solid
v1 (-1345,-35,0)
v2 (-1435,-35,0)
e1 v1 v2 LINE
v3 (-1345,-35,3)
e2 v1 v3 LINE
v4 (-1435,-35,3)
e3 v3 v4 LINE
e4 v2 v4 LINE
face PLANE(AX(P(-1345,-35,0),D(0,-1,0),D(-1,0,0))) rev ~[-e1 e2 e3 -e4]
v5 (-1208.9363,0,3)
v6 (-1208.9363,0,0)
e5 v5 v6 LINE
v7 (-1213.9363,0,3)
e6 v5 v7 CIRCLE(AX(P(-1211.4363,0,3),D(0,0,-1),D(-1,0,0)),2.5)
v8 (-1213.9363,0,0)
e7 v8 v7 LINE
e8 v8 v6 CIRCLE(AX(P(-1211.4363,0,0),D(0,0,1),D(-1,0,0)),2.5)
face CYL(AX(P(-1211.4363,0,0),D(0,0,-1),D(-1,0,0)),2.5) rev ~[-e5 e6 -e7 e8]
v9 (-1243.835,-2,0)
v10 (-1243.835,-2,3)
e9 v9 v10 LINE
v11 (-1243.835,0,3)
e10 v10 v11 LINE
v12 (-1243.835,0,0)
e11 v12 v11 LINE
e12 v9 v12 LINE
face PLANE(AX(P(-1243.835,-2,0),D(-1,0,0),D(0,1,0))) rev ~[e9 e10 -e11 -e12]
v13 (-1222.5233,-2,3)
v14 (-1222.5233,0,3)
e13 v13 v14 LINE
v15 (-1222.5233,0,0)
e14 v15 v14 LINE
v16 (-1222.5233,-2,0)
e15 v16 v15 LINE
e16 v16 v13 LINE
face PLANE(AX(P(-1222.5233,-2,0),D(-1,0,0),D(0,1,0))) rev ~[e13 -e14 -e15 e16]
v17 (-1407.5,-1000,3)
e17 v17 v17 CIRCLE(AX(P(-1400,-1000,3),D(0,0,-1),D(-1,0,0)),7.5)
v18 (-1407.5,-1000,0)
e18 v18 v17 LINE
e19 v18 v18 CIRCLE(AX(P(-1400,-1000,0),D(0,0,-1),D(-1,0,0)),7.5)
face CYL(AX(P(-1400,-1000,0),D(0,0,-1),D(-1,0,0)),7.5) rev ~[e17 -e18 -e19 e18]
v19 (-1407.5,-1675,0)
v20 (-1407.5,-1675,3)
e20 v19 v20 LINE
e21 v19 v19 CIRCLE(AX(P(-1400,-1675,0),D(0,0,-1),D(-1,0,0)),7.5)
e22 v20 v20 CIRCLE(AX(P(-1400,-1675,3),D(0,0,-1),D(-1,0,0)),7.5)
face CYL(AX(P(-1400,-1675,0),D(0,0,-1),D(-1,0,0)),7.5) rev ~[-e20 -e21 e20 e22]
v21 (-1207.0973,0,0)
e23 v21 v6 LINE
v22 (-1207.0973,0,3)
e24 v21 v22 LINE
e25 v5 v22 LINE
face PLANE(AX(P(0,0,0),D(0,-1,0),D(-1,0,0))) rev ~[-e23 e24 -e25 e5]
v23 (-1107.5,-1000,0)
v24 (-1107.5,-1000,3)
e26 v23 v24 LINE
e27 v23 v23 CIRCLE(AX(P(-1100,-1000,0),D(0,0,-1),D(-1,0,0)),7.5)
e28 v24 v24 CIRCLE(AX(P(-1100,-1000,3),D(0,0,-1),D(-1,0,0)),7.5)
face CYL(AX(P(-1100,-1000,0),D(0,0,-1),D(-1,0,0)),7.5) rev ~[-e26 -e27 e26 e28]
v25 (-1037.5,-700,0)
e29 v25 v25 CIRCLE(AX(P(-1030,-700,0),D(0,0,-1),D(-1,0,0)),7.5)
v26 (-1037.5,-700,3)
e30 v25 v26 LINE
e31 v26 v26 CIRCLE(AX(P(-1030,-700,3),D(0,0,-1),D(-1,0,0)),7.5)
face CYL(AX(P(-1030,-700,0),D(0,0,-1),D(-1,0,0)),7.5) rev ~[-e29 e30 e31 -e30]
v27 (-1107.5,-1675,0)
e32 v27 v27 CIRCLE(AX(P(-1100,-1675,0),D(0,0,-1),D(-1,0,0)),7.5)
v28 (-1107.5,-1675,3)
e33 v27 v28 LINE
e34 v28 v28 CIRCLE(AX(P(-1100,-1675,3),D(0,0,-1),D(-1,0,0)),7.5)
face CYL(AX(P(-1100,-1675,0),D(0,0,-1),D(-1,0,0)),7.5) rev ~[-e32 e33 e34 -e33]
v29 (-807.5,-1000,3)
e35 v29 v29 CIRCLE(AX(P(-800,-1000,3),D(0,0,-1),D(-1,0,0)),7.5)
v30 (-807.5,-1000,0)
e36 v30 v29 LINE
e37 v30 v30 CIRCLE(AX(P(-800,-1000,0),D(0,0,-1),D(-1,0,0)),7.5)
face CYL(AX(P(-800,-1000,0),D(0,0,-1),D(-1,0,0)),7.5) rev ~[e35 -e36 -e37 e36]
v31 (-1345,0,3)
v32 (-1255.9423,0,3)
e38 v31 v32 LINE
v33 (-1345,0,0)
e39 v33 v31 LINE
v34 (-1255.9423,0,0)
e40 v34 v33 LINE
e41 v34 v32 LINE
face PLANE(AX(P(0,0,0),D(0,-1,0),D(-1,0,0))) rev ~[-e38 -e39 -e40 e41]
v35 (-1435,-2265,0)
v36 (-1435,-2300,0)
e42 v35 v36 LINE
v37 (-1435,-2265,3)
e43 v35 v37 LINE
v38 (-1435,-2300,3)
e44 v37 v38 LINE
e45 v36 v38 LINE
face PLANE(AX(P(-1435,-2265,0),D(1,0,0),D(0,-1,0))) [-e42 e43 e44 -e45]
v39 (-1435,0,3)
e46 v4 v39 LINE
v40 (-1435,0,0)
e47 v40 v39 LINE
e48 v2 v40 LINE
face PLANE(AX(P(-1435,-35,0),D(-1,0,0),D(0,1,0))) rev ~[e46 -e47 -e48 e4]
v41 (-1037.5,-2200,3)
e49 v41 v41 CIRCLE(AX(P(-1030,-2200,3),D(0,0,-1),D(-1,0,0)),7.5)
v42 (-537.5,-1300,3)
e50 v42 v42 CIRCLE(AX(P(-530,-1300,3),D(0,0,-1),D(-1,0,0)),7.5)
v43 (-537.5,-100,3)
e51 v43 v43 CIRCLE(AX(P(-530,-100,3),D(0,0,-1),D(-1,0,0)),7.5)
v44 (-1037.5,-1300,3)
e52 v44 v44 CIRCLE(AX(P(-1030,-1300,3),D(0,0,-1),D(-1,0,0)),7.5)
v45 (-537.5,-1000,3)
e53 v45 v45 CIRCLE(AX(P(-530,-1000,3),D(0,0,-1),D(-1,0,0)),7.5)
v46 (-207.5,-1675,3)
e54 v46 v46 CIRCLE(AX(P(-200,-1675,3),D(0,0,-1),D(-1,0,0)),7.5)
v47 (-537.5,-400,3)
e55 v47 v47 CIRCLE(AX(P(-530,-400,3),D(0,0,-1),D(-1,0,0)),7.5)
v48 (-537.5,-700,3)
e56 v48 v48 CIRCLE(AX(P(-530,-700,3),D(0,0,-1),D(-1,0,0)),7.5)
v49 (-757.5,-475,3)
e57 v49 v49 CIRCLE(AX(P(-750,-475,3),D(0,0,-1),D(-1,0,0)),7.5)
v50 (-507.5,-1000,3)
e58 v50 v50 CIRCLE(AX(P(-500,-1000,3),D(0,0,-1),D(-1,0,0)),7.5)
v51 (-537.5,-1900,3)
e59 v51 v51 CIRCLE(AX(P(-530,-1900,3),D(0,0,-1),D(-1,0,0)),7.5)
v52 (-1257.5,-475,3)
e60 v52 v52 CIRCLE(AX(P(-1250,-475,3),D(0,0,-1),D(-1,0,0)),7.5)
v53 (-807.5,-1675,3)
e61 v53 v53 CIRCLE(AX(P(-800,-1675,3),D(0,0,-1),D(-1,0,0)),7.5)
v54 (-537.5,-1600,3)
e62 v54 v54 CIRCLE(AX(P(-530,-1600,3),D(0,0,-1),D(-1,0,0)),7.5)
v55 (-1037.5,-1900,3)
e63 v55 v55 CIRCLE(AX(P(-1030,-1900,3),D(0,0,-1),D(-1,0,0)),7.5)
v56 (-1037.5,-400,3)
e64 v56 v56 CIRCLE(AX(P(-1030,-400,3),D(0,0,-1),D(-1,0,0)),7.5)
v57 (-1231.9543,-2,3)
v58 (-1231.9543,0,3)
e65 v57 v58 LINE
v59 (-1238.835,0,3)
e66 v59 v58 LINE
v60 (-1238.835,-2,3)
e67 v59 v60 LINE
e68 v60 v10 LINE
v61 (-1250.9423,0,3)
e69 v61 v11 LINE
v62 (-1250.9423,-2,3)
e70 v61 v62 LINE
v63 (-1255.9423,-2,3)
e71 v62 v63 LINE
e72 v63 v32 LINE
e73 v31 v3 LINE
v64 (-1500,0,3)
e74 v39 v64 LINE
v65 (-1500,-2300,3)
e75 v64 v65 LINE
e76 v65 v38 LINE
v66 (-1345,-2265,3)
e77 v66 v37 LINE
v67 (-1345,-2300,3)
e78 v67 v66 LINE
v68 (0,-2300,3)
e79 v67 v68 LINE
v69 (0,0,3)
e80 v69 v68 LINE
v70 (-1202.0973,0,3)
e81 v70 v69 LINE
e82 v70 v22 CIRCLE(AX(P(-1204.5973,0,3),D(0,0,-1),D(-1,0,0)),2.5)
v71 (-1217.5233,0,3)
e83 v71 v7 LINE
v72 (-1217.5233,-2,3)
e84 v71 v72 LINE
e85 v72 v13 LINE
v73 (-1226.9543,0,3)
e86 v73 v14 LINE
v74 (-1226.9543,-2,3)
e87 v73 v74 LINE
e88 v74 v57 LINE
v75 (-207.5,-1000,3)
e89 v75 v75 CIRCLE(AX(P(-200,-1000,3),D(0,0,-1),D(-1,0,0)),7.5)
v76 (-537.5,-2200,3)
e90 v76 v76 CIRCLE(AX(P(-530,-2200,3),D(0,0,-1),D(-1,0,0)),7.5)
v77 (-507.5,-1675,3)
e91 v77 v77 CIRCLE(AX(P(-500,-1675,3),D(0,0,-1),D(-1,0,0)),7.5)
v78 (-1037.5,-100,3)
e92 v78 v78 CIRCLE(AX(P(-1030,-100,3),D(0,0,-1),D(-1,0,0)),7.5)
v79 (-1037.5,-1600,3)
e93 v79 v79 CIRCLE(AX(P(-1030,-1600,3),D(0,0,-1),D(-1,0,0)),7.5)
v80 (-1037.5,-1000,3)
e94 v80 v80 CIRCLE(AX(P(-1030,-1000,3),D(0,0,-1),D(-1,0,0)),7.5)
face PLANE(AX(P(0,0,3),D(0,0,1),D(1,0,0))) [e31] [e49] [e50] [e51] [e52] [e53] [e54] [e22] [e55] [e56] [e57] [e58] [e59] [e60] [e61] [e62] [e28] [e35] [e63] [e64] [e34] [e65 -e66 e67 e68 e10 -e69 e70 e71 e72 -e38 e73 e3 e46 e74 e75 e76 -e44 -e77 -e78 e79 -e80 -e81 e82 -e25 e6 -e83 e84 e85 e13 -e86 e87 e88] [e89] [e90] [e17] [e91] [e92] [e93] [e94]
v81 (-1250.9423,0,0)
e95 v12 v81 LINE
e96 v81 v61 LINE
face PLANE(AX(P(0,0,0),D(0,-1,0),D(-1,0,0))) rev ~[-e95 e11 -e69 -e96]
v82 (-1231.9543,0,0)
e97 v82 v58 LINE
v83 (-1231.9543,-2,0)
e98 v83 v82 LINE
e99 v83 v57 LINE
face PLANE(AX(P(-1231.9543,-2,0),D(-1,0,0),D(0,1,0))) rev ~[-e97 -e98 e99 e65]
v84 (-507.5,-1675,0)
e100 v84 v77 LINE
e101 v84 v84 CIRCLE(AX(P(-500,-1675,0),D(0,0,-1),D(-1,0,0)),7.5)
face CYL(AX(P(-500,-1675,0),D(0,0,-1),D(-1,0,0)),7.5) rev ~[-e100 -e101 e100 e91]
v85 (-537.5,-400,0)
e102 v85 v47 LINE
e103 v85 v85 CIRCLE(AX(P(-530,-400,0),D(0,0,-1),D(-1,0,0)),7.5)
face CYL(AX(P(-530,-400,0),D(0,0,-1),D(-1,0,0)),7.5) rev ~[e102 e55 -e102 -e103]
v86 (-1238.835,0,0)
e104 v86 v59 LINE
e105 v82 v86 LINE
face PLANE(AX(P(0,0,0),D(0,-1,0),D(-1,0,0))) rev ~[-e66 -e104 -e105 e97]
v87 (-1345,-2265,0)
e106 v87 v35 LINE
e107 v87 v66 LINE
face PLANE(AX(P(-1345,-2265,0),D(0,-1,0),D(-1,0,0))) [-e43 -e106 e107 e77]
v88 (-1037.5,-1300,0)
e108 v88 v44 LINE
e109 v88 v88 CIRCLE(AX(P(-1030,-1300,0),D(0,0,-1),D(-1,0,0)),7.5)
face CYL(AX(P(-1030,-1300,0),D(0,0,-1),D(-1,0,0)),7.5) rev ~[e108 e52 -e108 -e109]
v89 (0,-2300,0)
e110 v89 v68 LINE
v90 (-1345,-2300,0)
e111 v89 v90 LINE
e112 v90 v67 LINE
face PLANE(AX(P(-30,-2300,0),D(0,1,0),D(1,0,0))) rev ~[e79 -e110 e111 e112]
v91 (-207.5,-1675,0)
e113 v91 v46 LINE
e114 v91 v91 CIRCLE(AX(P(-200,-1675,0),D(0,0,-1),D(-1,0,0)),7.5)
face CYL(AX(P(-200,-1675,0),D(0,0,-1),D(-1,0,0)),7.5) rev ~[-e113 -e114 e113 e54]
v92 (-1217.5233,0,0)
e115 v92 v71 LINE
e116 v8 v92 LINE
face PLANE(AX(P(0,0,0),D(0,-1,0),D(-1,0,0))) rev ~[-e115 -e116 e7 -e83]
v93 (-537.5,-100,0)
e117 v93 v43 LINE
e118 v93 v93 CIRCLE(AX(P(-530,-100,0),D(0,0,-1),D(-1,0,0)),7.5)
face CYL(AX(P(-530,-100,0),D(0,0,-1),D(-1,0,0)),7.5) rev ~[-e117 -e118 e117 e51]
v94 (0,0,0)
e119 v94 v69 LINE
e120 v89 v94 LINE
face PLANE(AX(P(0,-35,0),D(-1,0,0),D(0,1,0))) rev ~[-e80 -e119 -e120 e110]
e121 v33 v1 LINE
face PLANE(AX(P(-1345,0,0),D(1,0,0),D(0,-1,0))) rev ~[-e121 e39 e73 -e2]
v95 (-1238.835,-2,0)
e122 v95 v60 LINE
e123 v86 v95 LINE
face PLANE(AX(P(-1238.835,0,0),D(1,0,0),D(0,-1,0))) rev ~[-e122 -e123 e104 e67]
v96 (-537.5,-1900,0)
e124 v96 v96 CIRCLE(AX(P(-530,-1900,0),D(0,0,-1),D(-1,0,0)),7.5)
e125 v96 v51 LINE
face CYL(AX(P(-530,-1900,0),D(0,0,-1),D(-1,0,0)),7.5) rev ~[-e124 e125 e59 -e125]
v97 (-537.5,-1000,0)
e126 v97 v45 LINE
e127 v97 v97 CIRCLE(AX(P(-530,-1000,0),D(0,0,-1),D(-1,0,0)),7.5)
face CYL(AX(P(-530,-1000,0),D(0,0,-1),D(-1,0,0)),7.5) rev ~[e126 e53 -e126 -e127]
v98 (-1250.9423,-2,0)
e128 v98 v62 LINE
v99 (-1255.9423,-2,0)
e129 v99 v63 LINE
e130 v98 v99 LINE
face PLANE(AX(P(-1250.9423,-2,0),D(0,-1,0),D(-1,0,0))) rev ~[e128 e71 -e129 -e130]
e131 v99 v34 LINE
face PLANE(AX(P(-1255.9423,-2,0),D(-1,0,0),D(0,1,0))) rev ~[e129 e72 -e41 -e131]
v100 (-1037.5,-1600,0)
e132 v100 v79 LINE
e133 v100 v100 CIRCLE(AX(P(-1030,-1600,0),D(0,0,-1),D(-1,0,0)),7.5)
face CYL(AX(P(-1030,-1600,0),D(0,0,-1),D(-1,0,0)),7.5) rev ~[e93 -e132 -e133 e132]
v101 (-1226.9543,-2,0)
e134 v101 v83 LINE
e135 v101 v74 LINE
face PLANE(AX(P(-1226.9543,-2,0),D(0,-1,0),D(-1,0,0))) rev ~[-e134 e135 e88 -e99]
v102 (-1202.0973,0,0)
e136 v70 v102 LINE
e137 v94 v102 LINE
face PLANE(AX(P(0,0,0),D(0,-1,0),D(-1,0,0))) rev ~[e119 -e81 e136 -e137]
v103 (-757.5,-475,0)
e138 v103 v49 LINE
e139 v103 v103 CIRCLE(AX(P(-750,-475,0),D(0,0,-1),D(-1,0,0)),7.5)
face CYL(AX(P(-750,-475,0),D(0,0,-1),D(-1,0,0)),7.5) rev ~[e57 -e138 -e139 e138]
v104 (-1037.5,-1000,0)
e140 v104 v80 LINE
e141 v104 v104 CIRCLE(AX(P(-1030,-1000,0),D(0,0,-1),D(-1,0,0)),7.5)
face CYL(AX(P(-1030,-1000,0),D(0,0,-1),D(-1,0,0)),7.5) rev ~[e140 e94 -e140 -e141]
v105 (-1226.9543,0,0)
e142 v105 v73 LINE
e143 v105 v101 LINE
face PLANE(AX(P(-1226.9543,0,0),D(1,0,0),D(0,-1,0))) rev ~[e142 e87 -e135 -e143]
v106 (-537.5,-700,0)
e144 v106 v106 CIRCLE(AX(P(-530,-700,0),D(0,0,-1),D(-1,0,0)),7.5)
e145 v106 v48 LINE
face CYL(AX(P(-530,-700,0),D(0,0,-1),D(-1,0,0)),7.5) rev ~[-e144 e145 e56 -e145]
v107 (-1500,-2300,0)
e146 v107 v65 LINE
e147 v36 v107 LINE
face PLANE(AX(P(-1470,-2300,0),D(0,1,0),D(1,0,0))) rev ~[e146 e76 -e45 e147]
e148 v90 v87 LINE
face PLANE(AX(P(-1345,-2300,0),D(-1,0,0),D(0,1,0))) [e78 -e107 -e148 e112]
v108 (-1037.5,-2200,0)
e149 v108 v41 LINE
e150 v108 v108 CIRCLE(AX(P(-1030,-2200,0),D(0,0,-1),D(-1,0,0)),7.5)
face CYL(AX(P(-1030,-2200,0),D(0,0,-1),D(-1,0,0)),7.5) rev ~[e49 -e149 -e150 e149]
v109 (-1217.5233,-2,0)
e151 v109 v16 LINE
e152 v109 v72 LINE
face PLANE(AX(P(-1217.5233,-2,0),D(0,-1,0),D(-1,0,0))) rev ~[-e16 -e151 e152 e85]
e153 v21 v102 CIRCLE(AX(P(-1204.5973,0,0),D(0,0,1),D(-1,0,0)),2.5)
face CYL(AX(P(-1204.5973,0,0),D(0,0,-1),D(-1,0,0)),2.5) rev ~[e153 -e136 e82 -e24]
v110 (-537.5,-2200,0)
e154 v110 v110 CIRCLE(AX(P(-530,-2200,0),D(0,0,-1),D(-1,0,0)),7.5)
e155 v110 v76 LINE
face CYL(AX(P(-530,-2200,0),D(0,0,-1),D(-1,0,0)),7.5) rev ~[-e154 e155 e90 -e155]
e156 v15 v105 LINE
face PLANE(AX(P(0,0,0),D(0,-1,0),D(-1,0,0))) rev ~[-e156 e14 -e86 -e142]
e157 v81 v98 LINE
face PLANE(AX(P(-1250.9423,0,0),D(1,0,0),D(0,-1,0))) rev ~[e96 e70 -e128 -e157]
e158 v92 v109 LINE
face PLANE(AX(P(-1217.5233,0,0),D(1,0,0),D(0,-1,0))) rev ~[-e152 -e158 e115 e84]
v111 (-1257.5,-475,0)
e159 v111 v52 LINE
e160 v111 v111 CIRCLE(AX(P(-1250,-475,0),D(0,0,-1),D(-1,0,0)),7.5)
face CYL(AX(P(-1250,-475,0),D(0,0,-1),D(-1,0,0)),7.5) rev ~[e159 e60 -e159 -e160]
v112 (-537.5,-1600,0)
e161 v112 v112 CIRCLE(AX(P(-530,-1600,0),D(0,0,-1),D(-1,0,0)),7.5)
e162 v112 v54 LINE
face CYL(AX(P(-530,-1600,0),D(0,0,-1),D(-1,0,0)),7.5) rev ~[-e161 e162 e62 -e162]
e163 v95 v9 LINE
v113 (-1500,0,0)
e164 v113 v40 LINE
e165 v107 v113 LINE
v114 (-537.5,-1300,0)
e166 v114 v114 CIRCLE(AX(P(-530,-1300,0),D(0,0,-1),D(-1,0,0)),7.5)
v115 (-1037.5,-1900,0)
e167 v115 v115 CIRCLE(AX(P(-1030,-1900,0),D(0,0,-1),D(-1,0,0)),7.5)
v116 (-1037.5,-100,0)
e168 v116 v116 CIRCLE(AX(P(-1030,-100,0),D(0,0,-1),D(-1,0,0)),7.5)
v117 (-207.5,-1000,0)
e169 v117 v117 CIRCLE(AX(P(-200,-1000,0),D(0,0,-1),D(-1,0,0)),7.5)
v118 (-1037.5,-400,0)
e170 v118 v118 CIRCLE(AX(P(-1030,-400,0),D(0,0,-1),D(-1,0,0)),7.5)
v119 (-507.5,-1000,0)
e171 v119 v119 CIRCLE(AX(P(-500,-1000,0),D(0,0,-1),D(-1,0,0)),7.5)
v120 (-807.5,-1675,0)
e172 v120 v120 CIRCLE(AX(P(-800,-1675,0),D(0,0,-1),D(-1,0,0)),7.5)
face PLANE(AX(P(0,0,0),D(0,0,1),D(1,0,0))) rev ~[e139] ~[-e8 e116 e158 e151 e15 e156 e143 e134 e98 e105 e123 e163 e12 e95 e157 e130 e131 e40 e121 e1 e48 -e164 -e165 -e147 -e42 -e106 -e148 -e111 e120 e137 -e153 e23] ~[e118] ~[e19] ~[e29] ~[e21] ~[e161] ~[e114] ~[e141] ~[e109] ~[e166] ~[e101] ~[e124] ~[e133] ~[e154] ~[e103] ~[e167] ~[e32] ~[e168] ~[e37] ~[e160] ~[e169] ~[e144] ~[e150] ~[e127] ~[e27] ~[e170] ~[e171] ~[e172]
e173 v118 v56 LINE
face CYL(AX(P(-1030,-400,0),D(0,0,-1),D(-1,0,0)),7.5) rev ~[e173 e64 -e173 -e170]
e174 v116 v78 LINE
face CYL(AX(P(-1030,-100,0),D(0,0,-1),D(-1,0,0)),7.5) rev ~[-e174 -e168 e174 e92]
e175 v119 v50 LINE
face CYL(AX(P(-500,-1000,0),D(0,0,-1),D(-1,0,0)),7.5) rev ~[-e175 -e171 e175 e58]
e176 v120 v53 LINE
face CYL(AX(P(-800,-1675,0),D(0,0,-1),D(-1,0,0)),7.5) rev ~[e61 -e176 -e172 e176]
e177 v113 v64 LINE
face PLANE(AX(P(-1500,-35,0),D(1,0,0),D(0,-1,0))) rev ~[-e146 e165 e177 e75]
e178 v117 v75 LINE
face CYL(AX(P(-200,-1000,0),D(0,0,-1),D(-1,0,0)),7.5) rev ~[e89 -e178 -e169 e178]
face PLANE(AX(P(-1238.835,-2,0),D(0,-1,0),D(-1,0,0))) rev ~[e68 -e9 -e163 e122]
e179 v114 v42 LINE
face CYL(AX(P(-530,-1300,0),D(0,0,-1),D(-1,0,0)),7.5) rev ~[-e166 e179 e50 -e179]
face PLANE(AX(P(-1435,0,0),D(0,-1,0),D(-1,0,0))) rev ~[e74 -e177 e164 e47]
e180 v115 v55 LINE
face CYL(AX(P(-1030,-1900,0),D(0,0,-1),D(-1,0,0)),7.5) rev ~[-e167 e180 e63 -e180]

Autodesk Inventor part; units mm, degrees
ref_plane "YZ Plane" through (0, 0, 0) normal (1, 0, 0) x (0, 1, 0)
ref_plane "XZ Plane" through (0, 0, 0) normal (0, 1, 0) x (-1, 0, 0)
ref_plane "XY Plane" through (0, 0, 0) normal (0, 0, 1) x (1, 0, 0)
sketch "Sketch1" plane through (0, 0, 0) normal (0, 0, 1) x (1, 0, 0)
  line L0 (0, 0) -> (-1500, 0)
  line L1 (-1500, 0) -> (-1500, -2300)
  line L2 (-1500, -2300) -> (0, -2300)
  line L3 (0, -2300) -> (0, 0)
  line L4 (0, 0) -> (-30, 0)
  line L5 (-30, 0) -> (-30, -35)
  line L6 (-30, -35) -> (0, -35)
  line L7 (0, -35) -> (0, 0)
  line L8 (0, -2300) -> (-30, -2300)
  line L9 (-30, -2300) -> (-30, -2265)
  line L10 (-30, -2265) -> (0, -2265)
  line L11 (0, -2265) -> (0, -2300)
  line L12 (-1500, 0) -> (-1470, 0)
  line L13 (-1470, 0) -> (-1470, -35)
  line L14 (-1470, -35) -> (-1500, -35)
  line L15 (-1500, -35) -> (-1500, 0)
  line L16 (-1500, -2300) -> (-1470, -2300)
  line L17 (-1470, -2300) -> (-1470, -2265)
  line L18 (-1470, -2265) -> (-1500, -2265)
  line L19 (-1500, -2265) -> (-1500, -2300)
  line L20 (-1435, -2300) -> (-1345, -2300)
  line L21 (-1345, -2300) -> (-1345, -2265)
  line L22 (-1345, -2265) -> (-1435, -2265)
  line L23 (-1435, -2265) -> (-1435, -2300)
  line L24 (-1435, 0) -> (-1345, 0)
  line L25 (-1345, 0) -> (-1345, -35)
  line L26 (-1345, -35) -> (-1435, -35)
  line L27 (-1435, -35) -> (-1435, 0)
  point P0 (0, -35)
  point P1 (-30, 0)
  point P2 (0, -2265)
  point P3 (-1345, 0)
  point P4 (-1470, 0)
  point P5 (-1500, -35)
  point P6 (-1500, -2265)
  dimension "d22" = 1500
  dimension "d23" = 2300
  dimension "d24" = 30
  dimension "d25" = 35
  dimension "d28" = 90
  dimension "d41" = 65
extrude "Plate1" add sketch "Sketch1" along normal blind 3 contours L3 L6 L5 L0 | L5 L6 L3 L10 L9 L2 L21 L22 L23 L17 L18 L1 L14 L13 L0 L27 L26 L25 | L3 L2 L9 L10 | L13 L14 L1 L0 | L18 L17 L2 L1
sketch "Sketch5" plane through (0, 0, 0) normal (0, 0, -1) x (-1, 0, 0)
  line L0 (1255.9423, 0) -> (1250.9423, 0)
  line L1 (1250.9423, 0) -> (1250.9423, -2)
  line L2 (1250.9423, -2) -> (1255.9423, -2)
  line L3 (1255.9423, -2) -> (1255.9423, 0)
  line L4 (1243.835, 0) -> (1238.835, 0)
  line L5 (1238.835, 0) -> (1238.835, -2)
  line L6 (1238.835, -2) -> (1243.835, -2)
  line L7 (1243.835, -2) -> (1243.835, 0)
  line L8 (1231.9543, 0) -> (1226.9543, 0)
  line L9 (1226.9543, 0) -> (1226.9543, -2)
  line L10 (1226.9543, -2) -> (1231.9543, -2)
  line L11 (1231.9543, -2) -> (1231.9543, 0)
  line L12 (1222.5233, 0) -> (1217.5233, 0)
  line L13 (1217.5233, 0) -> (1217.5233, -2)
  line L14 (1217.5233, -2) -> (1222.5233, -2)
  line L15 (1222.5233, -2) -> (1222.5233, 0)
  circle A0 centre (1211.4363, 0) radius 2.5
  circle A1 centre (1204.5973, 0) radius 2.5
  line L16 (0, 0) -> (1345, 0) projected
  dimension "d37" = 2
  dimension "d38" = 5
  dimension "d68" = 5
extrude "Cut1" cut sketch "Sketch5" against normal blind 3
sketch "Sketch6" plane through (0, 0, 0) normal (0, 0, -1) x (-1, 0, 0)
  arc A0 (1202.0973, 0) -> (1207.0973, 0) centre (1204.5973, 0) ccw construction
  line L0 (0, 0) -> (1202.0973, 0) construction
  line L1 (0, -2300) -> (0, 0) construction
  line L2 (1345, -2300) -> (0, -2300) construction
  line L3 (1345, -2265) -> (1345, -2300) construction
  line L4 (1435, -2265) -> (1345, -2265) construction
  line L5 (1435, -2300) -> (1435, -2265) construction
  line L6 (1500, -2300) -> (1435, -2300) construction
  line L7 (1500, 0) -> (1500, -2300) construction
  line L8 (1435, 0) -> (1500, 0) construction
  line L9 (1435, -35) -> (1435, 0) construction
  line L10 (1345, -35) -> (1435, -35) construction
  line L11 (1345, 0) -> (1345, -35) construction
  line L12 (1255.9423, 0) -> (1345, 0) construction
  line L13 (1231.9543, 0) -> (1231.9543, -2) construction
  line L14 (1231.9543, -2) -> (1226.9543, -2) construction
  line L15 (1226.9543, -2) -> (1226.9543, 0) construction
  line L16 (1222.5233, 0) -> (1226.9543, 0) construction
  line L17 (1222.5233, 0) -> (1222.5233, -2) construction
  line L18 (1222.5233, -2) -> (1217.5233, -2) construction
  line L19 (1217.5233, -2) -> (1217.5233, 0) construction
  line L20 (1213.9363, 0) -> (1217.5233, 0) construction
  arc A1 (1208.9363, 0) -> (1213.9363, 0) centre (1211.4363, 0) ccw construction
  line L21 (1207.0973, 0) -> (1208.9363, 0) construction
  line L22 (1030, 0) -> (1030, -2300) construction
  line L23 (530, 0) -> (530, -2300) construction
  line L24 (0, -1675) -> (1500, -1675) construction
  line L25 (0, -1000) -> (1500, -1000) construction
  line L26 (1500, -475) -> (530, -475) construction
  circle A2 centre (1030, -2200) radius 7.5
  circle A3 centre (530, -2200) radius 7.5
  circle A4 centre (200, -1675) radius 7.5
  circle A5 centre (200, -1000) radius 7.5
  circle A6 centre (1030, -1900) radius 7.5
  circle A7 centre (530, -1900) radius 7.5
  circle A8 centre (1030, -1600) radius 7.5
  circle A9 centre (530, -1600) radius 7.5
  circle A10 centre (1030, -1300) radius 7.5
  circle A11 centre (530, -1300) radius 7.5
  circle A12 centre (1030, -1000) radius 7.5
  circle A13 centre (530, -1000) radius 7.5
  circle A14 centre (1030, -700) radius 7.5
  circle A15 centre (530, -700) radius 7.5
  circle A16 centre (1030, -400) radius 7.5
  circle A17 centre (530, -400) radius 7.5
  circle A18 centre (1030, -100) radius 7.5
  circle A19 centre (530, -100) radius 7.5
  circle A20 centre (1030, 200) radius 7.5
  circle A21 centre (530, 200) radius 7.5
  circle A22 centre (1030, 500) radius 7.5
  circle A23 centre (530, 500) radius 7.5
  circle A24 centre (1030, 800) radius 7.5
  circle A25 centre (530, 800) radius 7.5
  circle A26 centre (500, -1000) radius 7.5
  circle A27 centre (500, -1675) radius 7.5
  circle A28 centre (800, -1000) radius 7.5
  circle A29 centre (800, -1675) radius 7.5
  circle A30 centre (1100, -1000) radius 7.5
  circle A31 centre (1100, -1675) radius 7.5
  circle A32 centre (1400, -1000) radius 7.5
  circle A33 centre (1400, -1675) radius 7.5
  circle A34 centre (1700, -1000) radius 7.5
  circle A35 centre (1700, -1675) radius 7.5
  circle A36 centre (2000, -1000) radius 7.5
  circle A37 centre (2000, -1675) radius 7.5
  circle A38 centre (750, -475) radius 7.5
  circle A39 centre (1250, -475) radius 7.5
  line L27 (1255.9423, 0) -> (1255.9423, -2) projected
  line L28 (1255.9423, -2) -> (1250.9423, -2) projected
  line L29 (1250.9423, -2) -> (1250.9423, 0) projected
  line L30 (1243.835, 0) -> (1250.9423, 0) projected
  line L31 (1243.835, 0) -> (1243.835, -2) projected
  line L32 (1243.835, -2) -> (1238.835, -2) projected
  line L33 (1238.835, -2) -> (1238.835, 0) projected
  line L34 (1231.9543, 0) -> (1238.835, 0) projected
  dimension "d42" = 530
  dimension "d43" = 1030
  dimension "d44" = 625
  dimension "d45" = 1300
  dimension "d46" = 1825
  dimension "d47" = 15
  dimension "d48" = 100
  dimension "d49" = 200
  dimension "d52" = 300
  dimension "d59" = 300
  dimension "d66" = 250
  dimension "d67" = 750
extrude "Cut2" cut sketch "Sketch6" against normal blind 3
equation "\"d68\" = d38"
equation "\"d39\" = Thickness"
equation "\"d64\" = Thickness"
equation "\"d2\" = Thickness"
equation "\"BendReliefWidth\" = Thickness"
equation "\"BendReliefDepth\" = 0.5 * Thickness"
equation "\"CornerReliefSize\" = 4 * Thickness"
equation "\"MinimumRemnant\" = 2 * Thickness"
equation "\"TransitionRadius\" = BendRadius"
equation "\"JacobiRadiusSize\" = BendRadius"
equation "\"GapSize\" = Thickness"
equation "\"Thickness\" = 3"
equation "\"BendRadius\" = 5"
properties part number "GnG R.4 floor sheet" material "Stainless Steel"
